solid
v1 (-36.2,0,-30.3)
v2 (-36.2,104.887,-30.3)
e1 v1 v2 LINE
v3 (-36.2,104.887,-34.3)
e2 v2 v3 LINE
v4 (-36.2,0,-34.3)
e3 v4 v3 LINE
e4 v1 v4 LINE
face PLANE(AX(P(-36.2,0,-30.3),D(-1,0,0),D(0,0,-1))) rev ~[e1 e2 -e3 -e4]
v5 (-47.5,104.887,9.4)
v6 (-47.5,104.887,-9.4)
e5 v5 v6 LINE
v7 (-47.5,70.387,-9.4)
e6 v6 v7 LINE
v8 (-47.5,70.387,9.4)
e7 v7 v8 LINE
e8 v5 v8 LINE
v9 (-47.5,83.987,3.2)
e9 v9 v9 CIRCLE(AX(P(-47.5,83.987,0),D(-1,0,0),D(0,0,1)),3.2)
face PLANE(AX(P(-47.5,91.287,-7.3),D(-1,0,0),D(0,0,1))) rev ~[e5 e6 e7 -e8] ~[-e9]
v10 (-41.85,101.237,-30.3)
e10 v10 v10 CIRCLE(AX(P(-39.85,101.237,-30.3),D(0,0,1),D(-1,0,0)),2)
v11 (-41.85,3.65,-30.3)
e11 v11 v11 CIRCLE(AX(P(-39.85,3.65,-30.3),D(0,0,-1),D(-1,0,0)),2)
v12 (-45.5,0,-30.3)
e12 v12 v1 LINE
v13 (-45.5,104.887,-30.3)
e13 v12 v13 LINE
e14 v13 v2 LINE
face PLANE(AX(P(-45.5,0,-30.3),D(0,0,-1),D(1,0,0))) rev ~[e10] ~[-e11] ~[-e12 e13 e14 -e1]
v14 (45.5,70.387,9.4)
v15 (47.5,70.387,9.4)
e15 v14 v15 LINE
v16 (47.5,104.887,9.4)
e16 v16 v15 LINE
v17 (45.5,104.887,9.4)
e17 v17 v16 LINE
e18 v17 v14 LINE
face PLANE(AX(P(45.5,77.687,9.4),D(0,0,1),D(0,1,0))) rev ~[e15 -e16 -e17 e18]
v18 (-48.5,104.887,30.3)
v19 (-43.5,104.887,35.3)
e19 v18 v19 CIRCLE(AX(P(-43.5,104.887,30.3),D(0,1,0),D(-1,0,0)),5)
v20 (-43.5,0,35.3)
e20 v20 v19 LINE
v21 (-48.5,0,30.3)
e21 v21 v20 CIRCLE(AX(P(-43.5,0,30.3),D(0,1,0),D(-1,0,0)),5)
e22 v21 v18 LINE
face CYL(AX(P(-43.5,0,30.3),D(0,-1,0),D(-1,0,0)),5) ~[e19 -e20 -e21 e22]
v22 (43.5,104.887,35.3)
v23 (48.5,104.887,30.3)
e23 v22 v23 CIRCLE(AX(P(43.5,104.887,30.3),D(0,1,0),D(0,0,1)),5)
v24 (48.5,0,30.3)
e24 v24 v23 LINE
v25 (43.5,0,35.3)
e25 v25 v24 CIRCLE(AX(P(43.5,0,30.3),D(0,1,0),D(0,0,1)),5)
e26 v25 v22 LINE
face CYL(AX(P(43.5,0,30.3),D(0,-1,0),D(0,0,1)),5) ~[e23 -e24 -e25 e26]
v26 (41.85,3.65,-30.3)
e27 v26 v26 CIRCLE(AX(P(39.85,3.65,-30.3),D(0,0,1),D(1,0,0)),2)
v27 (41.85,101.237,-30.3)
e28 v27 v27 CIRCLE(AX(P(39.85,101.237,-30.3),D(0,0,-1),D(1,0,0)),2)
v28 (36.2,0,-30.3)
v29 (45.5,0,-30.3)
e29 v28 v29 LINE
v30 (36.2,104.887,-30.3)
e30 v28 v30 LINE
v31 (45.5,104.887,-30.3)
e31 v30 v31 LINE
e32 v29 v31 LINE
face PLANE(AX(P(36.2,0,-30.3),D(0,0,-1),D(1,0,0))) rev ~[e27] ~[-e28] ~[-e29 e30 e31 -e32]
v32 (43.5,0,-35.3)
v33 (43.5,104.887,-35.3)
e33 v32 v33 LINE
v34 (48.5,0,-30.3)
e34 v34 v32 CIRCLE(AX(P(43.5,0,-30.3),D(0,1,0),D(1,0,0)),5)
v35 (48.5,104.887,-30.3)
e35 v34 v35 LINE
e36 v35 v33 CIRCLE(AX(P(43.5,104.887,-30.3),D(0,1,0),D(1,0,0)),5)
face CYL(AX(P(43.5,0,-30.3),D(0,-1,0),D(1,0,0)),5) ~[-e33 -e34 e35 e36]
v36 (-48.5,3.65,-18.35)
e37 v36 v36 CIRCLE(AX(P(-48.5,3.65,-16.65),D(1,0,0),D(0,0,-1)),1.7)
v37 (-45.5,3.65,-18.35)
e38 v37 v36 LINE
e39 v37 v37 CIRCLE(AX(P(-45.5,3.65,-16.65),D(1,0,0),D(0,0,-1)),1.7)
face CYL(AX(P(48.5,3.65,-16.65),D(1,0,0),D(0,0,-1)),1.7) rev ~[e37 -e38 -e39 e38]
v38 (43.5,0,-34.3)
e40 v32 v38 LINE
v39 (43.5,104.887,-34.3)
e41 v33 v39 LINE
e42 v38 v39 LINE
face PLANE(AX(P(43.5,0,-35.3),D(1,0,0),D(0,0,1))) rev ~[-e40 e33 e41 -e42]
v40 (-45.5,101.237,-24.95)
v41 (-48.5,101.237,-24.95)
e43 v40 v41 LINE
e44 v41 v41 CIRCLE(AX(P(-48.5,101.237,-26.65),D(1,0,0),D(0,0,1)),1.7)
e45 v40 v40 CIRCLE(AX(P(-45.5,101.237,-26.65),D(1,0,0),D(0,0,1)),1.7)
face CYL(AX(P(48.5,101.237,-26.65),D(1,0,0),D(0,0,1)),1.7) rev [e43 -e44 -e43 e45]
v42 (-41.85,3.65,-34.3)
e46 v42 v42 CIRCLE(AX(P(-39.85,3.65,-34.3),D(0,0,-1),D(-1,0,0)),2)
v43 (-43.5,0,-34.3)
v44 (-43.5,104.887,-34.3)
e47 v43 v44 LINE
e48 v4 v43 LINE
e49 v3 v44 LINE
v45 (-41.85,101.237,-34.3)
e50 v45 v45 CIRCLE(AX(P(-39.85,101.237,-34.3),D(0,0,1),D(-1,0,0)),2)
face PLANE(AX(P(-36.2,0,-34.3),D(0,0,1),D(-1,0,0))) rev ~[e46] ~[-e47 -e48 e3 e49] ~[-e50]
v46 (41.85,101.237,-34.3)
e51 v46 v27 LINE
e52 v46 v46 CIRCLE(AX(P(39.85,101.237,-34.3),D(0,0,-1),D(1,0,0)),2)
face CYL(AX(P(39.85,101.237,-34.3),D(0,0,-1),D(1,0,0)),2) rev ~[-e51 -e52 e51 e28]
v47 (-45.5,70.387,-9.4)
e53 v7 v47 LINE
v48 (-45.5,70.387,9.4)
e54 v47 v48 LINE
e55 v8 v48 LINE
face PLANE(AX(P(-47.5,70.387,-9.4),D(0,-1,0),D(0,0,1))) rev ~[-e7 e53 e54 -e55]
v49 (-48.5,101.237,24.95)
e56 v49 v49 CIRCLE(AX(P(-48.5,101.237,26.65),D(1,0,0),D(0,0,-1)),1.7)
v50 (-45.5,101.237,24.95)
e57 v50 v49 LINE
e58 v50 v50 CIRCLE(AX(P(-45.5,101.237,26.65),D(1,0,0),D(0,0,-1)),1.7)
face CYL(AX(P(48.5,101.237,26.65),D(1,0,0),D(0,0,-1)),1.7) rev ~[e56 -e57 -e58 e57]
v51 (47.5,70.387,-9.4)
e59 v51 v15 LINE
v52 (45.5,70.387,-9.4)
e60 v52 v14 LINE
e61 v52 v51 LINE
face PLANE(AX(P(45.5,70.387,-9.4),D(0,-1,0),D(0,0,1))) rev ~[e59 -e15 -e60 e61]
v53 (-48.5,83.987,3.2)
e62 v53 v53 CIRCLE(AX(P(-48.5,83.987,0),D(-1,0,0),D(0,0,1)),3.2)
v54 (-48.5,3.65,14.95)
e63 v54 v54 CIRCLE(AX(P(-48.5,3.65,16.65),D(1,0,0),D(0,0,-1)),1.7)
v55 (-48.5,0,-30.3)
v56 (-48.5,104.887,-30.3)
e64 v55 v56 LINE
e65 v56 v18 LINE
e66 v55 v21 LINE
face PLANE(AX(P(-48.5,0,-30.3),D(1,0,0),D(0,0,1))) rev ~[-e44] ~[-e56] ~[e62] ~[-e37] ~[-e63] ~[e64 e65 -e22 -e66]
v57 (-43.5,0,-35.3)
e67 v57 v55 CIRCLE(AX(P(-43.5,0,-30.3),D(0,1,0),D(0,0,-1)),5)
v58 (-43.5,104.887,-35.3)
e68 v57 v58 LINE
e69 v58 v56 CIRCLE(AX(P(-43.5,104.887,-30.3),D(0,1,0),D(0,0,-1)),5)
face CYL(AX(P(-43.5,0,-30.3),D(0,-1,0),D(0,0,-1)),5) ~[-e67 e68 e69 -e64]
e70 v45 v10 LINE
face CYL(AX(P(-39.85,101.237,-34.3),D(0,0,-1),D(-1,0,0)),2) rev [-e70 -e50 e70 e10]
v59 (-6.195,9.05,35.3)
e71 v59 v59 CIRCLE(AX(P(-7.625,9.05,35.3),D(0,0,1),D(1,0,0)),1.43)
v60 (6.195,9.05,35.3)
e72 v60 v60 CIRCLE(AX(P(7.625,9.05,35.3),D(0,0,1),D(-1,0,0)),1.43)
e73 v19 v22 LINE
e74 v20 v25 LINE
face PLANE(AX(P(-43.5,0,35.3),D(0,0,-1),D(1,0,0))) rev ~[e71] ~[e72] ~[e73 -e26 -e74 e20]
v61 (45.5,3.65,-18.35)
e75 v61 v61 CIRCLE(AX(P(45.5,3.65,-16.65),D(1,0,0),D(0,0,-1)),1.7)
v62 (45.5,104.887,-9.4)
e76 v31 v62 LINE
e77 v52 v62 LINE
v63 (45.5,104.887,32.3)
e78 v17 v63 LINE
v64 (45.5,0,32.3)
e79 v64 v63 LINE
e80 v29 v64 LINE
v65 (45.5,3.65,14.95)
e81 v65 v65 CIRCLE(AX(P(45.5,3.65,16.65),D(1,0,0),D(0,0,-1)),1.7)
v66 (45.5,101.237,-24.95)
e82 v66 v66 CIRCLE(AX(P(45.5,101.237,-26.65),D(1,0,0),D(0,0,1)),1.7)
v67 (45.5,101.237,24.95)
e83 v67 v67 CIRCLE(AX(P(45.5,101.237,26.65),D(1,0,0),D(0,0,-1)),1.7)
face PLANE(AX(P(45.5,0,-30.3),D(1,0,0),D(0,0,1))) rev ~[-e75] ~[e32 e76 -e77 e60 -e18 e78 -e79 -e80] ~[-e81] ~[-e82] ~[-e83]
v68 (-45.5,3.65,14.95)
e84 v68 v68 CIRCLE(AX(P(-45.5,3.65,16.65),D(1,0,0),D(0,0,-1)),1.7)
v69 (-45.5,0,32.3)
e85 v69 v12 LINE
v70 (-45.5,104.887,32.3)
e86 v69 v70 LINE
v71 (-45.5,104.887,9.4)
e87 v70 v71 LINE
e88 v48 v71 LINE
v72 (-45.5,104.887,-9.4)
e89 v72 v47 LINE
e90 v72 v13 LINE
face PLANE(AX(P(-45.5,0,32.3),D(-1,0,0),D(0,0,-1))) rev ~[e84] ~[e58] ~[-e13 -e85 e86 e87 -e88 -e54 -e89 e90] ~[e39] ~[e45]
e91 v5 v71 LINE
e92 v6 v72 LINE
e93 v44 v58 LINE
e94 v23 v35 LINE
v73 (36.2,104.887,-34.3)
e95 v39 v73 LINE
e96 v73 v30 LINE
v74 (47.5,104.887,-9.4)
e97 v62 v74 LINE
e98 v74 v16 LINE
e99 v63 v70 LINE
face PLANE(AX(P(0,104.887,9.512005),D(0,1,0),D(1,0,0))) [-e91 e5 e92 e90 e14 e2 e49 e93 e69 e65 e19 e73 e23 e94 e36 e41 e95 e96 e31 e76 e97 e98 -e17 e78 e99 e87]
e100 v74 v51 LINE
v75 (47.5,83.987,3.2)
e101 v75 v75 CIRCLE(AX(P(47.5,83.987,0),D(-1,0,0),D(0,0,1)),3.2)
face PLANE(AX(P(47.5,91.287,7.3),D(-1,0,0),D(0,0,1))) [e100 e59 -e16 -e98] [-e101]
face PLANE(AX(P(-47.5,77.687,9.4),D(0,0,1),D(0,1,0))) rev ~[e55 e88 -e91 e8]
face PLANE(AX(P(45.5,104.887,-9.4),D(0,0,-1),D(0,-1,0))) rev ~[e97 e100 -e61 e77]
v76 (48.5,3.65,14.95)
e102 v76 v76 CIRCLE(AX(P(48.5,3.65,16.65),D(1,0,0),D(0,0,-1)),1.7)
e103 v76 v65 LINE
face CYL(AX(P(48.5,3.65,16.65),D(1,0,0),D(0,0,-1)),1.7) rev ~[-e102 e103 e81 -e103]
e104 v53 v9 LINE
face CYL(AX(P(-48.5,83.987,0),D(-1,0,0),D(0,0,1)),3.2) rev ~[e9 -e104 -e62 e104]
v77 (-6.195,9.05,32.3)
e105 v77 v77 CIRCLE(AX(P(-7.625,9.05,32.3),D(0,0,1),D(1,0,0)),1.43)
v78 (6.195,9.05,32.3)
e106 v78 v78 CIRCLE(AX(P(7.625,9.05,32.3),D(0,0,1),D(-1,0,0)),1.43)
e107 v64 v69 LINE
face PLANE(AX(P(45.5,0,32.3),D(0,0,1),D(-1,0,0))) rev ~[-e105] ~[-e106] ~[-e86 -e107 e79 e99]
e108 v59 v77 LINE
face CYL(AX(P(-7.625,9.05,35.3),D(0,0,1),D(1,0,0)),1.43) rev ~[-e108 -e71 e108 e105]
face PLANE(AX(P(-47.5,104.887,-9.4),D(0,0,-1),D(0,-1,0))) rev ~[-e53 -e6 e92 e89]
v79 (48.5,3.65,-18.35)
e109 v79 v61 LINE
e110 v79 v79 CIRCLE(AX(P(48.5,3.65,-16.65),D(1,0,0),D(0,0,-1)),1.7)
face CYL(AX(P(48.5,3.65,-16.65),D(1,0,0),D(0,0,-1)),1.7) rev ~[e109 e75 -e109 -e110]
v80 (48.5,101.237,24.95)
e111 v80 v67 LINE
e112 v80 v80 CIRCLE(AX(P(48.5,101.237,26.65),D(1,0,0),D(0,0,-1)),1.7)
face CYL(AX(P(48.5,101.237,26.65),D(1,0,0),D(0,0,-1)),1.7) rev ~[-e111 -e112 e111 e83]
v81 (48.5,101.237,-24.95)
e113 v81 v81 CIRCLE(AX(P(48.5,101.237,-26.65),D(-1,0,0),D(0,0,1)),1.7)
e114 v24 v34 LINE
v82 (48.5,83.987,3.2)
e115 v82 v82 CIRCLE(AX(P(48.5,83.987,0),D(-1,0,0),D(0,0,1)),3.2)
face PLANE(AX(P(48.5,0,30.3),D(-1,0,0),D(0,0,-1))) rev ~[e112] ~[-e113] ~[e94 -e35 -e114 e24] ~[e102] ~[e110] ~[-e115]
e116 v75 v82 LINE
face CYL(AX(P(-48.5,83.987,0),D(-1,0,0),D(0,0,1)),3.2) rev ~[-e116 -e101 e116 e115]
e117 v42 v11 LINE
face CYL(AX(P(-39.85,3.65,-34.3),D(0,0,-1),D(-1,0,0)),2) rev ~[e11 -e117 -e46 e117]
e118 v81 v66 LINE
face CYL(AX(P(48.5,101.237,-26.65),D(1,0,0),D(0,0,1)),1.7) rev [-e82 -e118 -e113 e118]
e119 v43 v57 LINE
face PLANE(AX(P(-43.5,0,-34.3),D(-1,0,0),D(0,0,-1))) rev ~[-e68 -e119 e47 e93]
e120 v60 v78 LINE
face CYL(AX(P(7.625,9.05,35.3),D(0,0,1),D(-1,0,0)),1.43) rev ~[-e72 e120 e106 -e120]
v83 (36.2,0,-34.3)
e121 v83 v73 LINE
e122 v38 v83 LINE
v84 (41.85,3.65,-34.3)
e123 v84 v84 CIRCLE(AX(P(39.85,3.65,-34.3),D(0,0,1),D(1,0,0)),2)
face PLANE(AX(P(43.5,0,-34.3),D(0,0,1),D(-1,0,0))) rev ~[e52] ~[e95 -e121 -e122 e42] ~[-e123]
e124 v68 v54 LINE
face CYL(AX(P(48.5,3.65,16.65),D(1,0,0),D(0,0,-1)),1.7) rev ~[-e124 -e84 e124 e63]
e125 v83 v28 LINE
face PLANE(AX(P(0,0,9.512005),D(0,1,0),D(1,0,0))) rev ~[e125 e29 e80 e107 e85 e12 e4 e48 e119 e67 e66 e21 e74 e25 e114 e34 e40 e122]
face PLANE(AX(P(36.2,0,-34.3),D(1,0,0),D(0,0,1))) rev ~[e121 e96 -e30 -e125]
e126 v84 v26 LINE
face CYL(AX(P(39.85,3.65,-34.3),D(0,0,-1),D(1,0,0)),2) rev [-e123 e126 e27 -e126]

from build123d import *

# Parameters (mm, degrees)
BOSS_EXTRUDE1_DEPTH     = 104.887
SKETCH2_R               = 1.7
CUT_EXTRUDE1_DEPTH      = 148.161043653
SKETCH6_R               = 1.7
CUT_EXTRUDE9_DEPTH      = 148.161043653
SKETCH3_9_R             = 3.2
CUT_EXTRUDE4_DEPTH      = 148.161043653
SKETCH4_R               = 2
CUT_EXTRUDE5_DEPTH      = 4
SKETCH5_R               = 1.43
CUT_EXTRUDE6_DEPTH      = 136.417475863
MIRROR9_COPY_1_SKETCH_R = 2
MIRROR9_COPY_1_DEPTH    = 4
CUT_EXTRUDE7_START      = -1
SKETCH3_10_W            = 10.4
SKETCH3_10_H            = 14.6
SKETCH3_10_H_2          = 12.6
SKETCH3_10_R            = 3.2
SKETCH3_10_R_2          = 1
CUT_EXTRUDE7_DEPTH      = 2
CUT_EXTRUDE8_START      = -94
SKETCH3_W               = 10.4
SKETCH3_H               = 14.6
SKETCH3_H_2             = 12.6
SKETCH3_R               = 3.2
SKETCH3_R_2             = 1
CUT_EXTRUDE8_DEPTH      = 2


with BuildPart() as part:
    # Sketch1 → Boss-Extrude1 (new body)
    with BuildSketch(Plane(origin=(0, 0, 0), x_dir=(1, 0, 0), z_dir=(0, 1, 0))):
        with BuildLine():
            ThreePointArc((-48.5, -30.3), (-47.035533906, -33.835533906), (-43.5, -35.3))
            Line((-43.5, -35.3), (43.5, -35.3))
            ThreePointArc((43.5, -35.3), (47.035533906, -33.835533906), (48.5, -30.3))
            Line((48.5, -30.3), (48.5, 30.3))
            ThreePointArc((48.5, 30.3), (47.035533906, 33.835533906), (43.5, 35.3))
            Line((43.5, 35.3), (43.5, 34.3))
            Line((43.5, 34.3), (36.2, 34.3))
            Line((36.2, 34.3), (36.2, 30.3))
            Line((36.2, 30.3), (45.5, 30.3))
            Line((45.5, 30.3), (45.5, -32.3))
            Line((45.5, -32.3), (-45.5, -32.3))
            Line((-45.5, -32.3), (-45.5, 30.3))
            Line((-45.5, 30.3), (-36.2, 30.3))
            Line((-36.2, 30.3), (-36.2, 34.3))
            Line((-36.2, 34.3), (-43.5, 34.3))
            Line((-43.5, 34.3), (-43.5, 35.3))
            ThreePointArc((-43.5, 35.3), (-47.035533906, 33.835533906), (-48.5, 30.3))
            Line((-48.5, 30.3), (-48.5, -30.3))
        make_face()
    extrude(amount=BOSS_EXTRUDE1_DEPTH)

    # Sketch2 → Cut-Extrude1 (cut, through all)
    with BuildSketch(Plane(origin=(48.5, 0, 0), x_dir=(0, 0, -1), z_dir=(1, 0, 0))):
        with Locations((16.65, 3.65)):
            Circle(SKETCH2_R)
        with Locations((-16.65, 3.65)):
            Circle(SKETCH2_R)
    extrude(amount=-CUT_EXTRUDE1_DEPTH, mode=Mode.SUBTRACT)

    # Sketch6 → Cut-Extrude9 (cut, through all)
    with BuildSketch(Plane(origin=(48.5, 0, 0), x_dir=(0, 0, -1), z_dir=(1, 0, 0))):
        with Locations((-26.65, 101.237)):
            Circle(SKETCH6_R)
    cut_extrude9 = extrude(amount=-CUT_EXTRUDE9_DEPTH, mode=Mode.SUBTRACT)

    # Mirror11: Cut-Extrude9 across plane
    add(cut_extrude9.mirror(Plane.XY), mode=Mode.SUBTRACT)

    # Sketch3<9> → Cut-Extrude4 (cut, through all)
    with BuildSketch(Plane.ZY.offset(48.5)):
        with Locations((0, 83.987)):
            Circle(SKETCH3_9_R)
    extrude(amount=-CUT_EXTRUDE4_DEPTH, mode=Mode.SUBTRACT)

    # Sketch4 → Cut-Extrude5 (cut)
    with BuildSketch(Plane(origin=(0, 0, -34.3), x_dir=(-1, 0, 0), z_dir=(0, 0, -1))):
        with Locations((39.85, 3.65)):
            Circle(SKETCH4_R)
    cut_extrude5 = extrude(amount=-CUT_EXTRUDE5_DEPTH, mode=Mode.SUBTRACT)

    # Mirror7: Cut-Extrude5 across plane
    add(cut_extrude5.mirror(Plane(origin=(0, 0, 0), x_dir=(0, 0, 1), z_dir=(1, 0, 0))), mode=Mode.SUBTRACT)

    # Sketch5 → Cut-Extrude6 (cut, through all)
    with BuildSketch(Plane.XY.offset(35.3)):
        with Locations((-7.625, 9.05)):
            Circle(SKETCH5_R)
        with Locations(Location((7.625, 9.05, 0), (0, 0, 180))):
            Circle(SKETCH5_R)
    extrude(amount=-CUT_EXTRUDE6_DEPTH, mode=Mode.SUBTRACT)

    # Mirror9: Cut-Extrude5 across plane
    add(cut_extrude5.mirror(Plane.ZX.offset(52.4435)), mode=Mode.SUBTRACT)

    # Mirror9 copy 1 sketch → Mirror9 copy 1 (cut)
    with BuildSketch(Plane(origin=(0, 104.887, -34.3), x_dir=(1, 0, 0), z_dir=(0, 0, -1))):
        with Locations((39.85, 3.65)):
            Circle(MIRROR9_COPY_1_SKETCH_R)
    extrude(amount=-MIRROR9_COPY_1_DEPTH, mode=Mode.SUBTRACT)

    # Sketch3<10> → Cut-Extrude7 (cut)
    # profile 1 of 8: a face of its own
    with BuildSketch(Plane.ZY.offset(48.5).offset(CUT_EXTRUDE7_START)):
        Polygon((-5.2, 77.687), (-5.2, 90.287), (-5.2, 104.887), (-9.4, 104.887), (-9.4, 77.687), align=None)
    # profile 2 of 8: a face of its own
    with BuildSketch(Plane.ZY.offset(48.5).offset(CUT_EXTRUDE7_START)):
        Polygon((5.2, 104.887), (5.2, 90.287), (5.2, 77.687), (9.4, 77.687), (9.4, 104.887), align=None)
    # profile 3 of 8: a face of its own
    with BuildSketch(Plane.ZY.offset(48.5).offset(CUT_EXTRUDE7_START)):
        with Locations((0, 97.587)):
            Rectangle(SKETCH3_10_W, SKETCH3_10_H)
    # profile 4 of 8: a face of its own
    with BuildSketch(Plane.ZY.offset(48.5).offset(CUT_EXTRUDE7_START)):
        Polygon((-9.4, 70.387), (9.4, 70.387), (9.4, 77.687), (5.2, 77.687), (-5.2, 77.687), (-9.4, 77.687), align=None)
    # profile 5 of 8: a face of its own
    with BuildSketch(Plane.ZY.offset(48.5).offset(CUT_EXTRUDE7_START)):
        with Locations((0, 83.987)):
            Rectangle(SKETCH3_10_W, SKETCH3_10_H_2)
        with Locations((0, 83.987)):
            Circle(SKETCH3_10_R, mode=Mode.SUBTRACT)
        with Locations((0, 79.487)):
            Circle(SKETCH3_10_R_2, mode=Mode.SUBTRACT)
        with Locations((0, 88.487)):
            Circle(SKETCH3_10_R_2, mode=Mode.SUBTRACT)
    # profile 6 of 8: a face of its own
    with BuildSketch(Plane.ZY.offset(48.5).offset(CUT_EXTRUDE7_START)):
        with Locations((0, 79.487)):
            Circle(SKETCH3_10_R_2)
    # profile 7 of 8: a face of its own
    with BuildSketch(Plane.ZY.offset(48.5).offset(CUT_EXTRUDE7_START)):
        with Locations((0, 83.987)):
            Circle(SKETCH3_10_R)
    # profile 8 of 8: a face of its own
    with BuildSketch(Plane.ZY.offset(48.5).offset(CUT_EXTRUDE7_START)):
        with Locations((0, 88.487)):
            Circle(SKETCH3_10_R_2)
    extrude(amount=-CUT_EXTRUDE7_DEPTH, mode=Mode.SUBTRACT)

    # Sketch3 → Cut-Extrude8 (cut)
    # profile 1 of 8: a face of its own
    with BuildSketch(Plane.ZY.offset(48.5).offset(CUT_EXTRUDE8_START)):
        Polygon((-5.2, 77.687), (-5.2, 90.287), (-5.2, 104.887), (-9.4, 104.887), (-9.4, 77.687), align=None)
    # profile 2 of 8: a face of its own
    with BuildSketch(Plane.ZY.offset(48.5).offset(CUT_EXTRUDE8_START)):
        Polygon((5.2, 104.887), (5.2, 90.287), (5.2, 77.687), (9.4, 77.687), (9.4, 104.887), align=None)
    # profile 3 of 8: a face of its own
    with BuildSketch(Plane.ZY.offset(48.5).offset(CUT_EXTRUDE8_START)):
        with Locations((0, 97.587)):
            Rectangle(SKETCH3_W, SKETCH3_H)
    # profile 4 of 8: a face of its own
    with BuildSketch(Plane.ZY.offset(48.5).offset(CUT_EXTRUDE8_START)):
        with Locations((0, 83.987)):
            Rectangle(SKETCH3_W, SKETCH3_H_2)
        with Locations((0, 83.987)):
            Circle(SKETCH3_R, mode=Mode.SUBTRACT)
        with Locations((0, 79.487)):
            Circle(SKETCH3_R_2, mode=Mode.SUBTRACT)
        with Locations((0, 88.487)):
            Circle(SKETCH3_R_2, mode=Mode.SUBTRACT)
    # profile 5 of 8: a face of its own
    with BuildSketch(Plane.ZY.offset(48.5).offset(CUT_EXTRUDE8_START)):
        with Locations((0, 88.487)):
            Circle(SKETCH3_R_2)
    # profile 6 of 8: a face of its own
    with BuildSketch(Plane.ZY.offset(48.5).offset(CUT_EXTRUDE8_START)):
        with Locations((0, 83.987)):
            Circle(SKETCH3_R)
    # profile 7 of 8: a face of its own
    with BuildSketch(Plane.ZY.offset(48.5).offset(CUT_EXTRUDE8_START)):
        with Locations((0, 79.487)):
            Circle(SKETCH3_R_2)
    # profile 8 of 8: a face of its own
    with BuildSketch(Plane.ZY.offset(48.5).offset(CUT_EXTRUDE8_START)):
        Polygon((-9.4, 70.387), (9.4, 70.387), (9.4, 77.687), (5.2, 77.687), (-5.2, 77.687), (-9.4, 77.687), align=None)
    extrude(amount=-CUT_EXTRUDE8_DEPTH, mode=Mode.SUBTRACT)


solid = part.part
